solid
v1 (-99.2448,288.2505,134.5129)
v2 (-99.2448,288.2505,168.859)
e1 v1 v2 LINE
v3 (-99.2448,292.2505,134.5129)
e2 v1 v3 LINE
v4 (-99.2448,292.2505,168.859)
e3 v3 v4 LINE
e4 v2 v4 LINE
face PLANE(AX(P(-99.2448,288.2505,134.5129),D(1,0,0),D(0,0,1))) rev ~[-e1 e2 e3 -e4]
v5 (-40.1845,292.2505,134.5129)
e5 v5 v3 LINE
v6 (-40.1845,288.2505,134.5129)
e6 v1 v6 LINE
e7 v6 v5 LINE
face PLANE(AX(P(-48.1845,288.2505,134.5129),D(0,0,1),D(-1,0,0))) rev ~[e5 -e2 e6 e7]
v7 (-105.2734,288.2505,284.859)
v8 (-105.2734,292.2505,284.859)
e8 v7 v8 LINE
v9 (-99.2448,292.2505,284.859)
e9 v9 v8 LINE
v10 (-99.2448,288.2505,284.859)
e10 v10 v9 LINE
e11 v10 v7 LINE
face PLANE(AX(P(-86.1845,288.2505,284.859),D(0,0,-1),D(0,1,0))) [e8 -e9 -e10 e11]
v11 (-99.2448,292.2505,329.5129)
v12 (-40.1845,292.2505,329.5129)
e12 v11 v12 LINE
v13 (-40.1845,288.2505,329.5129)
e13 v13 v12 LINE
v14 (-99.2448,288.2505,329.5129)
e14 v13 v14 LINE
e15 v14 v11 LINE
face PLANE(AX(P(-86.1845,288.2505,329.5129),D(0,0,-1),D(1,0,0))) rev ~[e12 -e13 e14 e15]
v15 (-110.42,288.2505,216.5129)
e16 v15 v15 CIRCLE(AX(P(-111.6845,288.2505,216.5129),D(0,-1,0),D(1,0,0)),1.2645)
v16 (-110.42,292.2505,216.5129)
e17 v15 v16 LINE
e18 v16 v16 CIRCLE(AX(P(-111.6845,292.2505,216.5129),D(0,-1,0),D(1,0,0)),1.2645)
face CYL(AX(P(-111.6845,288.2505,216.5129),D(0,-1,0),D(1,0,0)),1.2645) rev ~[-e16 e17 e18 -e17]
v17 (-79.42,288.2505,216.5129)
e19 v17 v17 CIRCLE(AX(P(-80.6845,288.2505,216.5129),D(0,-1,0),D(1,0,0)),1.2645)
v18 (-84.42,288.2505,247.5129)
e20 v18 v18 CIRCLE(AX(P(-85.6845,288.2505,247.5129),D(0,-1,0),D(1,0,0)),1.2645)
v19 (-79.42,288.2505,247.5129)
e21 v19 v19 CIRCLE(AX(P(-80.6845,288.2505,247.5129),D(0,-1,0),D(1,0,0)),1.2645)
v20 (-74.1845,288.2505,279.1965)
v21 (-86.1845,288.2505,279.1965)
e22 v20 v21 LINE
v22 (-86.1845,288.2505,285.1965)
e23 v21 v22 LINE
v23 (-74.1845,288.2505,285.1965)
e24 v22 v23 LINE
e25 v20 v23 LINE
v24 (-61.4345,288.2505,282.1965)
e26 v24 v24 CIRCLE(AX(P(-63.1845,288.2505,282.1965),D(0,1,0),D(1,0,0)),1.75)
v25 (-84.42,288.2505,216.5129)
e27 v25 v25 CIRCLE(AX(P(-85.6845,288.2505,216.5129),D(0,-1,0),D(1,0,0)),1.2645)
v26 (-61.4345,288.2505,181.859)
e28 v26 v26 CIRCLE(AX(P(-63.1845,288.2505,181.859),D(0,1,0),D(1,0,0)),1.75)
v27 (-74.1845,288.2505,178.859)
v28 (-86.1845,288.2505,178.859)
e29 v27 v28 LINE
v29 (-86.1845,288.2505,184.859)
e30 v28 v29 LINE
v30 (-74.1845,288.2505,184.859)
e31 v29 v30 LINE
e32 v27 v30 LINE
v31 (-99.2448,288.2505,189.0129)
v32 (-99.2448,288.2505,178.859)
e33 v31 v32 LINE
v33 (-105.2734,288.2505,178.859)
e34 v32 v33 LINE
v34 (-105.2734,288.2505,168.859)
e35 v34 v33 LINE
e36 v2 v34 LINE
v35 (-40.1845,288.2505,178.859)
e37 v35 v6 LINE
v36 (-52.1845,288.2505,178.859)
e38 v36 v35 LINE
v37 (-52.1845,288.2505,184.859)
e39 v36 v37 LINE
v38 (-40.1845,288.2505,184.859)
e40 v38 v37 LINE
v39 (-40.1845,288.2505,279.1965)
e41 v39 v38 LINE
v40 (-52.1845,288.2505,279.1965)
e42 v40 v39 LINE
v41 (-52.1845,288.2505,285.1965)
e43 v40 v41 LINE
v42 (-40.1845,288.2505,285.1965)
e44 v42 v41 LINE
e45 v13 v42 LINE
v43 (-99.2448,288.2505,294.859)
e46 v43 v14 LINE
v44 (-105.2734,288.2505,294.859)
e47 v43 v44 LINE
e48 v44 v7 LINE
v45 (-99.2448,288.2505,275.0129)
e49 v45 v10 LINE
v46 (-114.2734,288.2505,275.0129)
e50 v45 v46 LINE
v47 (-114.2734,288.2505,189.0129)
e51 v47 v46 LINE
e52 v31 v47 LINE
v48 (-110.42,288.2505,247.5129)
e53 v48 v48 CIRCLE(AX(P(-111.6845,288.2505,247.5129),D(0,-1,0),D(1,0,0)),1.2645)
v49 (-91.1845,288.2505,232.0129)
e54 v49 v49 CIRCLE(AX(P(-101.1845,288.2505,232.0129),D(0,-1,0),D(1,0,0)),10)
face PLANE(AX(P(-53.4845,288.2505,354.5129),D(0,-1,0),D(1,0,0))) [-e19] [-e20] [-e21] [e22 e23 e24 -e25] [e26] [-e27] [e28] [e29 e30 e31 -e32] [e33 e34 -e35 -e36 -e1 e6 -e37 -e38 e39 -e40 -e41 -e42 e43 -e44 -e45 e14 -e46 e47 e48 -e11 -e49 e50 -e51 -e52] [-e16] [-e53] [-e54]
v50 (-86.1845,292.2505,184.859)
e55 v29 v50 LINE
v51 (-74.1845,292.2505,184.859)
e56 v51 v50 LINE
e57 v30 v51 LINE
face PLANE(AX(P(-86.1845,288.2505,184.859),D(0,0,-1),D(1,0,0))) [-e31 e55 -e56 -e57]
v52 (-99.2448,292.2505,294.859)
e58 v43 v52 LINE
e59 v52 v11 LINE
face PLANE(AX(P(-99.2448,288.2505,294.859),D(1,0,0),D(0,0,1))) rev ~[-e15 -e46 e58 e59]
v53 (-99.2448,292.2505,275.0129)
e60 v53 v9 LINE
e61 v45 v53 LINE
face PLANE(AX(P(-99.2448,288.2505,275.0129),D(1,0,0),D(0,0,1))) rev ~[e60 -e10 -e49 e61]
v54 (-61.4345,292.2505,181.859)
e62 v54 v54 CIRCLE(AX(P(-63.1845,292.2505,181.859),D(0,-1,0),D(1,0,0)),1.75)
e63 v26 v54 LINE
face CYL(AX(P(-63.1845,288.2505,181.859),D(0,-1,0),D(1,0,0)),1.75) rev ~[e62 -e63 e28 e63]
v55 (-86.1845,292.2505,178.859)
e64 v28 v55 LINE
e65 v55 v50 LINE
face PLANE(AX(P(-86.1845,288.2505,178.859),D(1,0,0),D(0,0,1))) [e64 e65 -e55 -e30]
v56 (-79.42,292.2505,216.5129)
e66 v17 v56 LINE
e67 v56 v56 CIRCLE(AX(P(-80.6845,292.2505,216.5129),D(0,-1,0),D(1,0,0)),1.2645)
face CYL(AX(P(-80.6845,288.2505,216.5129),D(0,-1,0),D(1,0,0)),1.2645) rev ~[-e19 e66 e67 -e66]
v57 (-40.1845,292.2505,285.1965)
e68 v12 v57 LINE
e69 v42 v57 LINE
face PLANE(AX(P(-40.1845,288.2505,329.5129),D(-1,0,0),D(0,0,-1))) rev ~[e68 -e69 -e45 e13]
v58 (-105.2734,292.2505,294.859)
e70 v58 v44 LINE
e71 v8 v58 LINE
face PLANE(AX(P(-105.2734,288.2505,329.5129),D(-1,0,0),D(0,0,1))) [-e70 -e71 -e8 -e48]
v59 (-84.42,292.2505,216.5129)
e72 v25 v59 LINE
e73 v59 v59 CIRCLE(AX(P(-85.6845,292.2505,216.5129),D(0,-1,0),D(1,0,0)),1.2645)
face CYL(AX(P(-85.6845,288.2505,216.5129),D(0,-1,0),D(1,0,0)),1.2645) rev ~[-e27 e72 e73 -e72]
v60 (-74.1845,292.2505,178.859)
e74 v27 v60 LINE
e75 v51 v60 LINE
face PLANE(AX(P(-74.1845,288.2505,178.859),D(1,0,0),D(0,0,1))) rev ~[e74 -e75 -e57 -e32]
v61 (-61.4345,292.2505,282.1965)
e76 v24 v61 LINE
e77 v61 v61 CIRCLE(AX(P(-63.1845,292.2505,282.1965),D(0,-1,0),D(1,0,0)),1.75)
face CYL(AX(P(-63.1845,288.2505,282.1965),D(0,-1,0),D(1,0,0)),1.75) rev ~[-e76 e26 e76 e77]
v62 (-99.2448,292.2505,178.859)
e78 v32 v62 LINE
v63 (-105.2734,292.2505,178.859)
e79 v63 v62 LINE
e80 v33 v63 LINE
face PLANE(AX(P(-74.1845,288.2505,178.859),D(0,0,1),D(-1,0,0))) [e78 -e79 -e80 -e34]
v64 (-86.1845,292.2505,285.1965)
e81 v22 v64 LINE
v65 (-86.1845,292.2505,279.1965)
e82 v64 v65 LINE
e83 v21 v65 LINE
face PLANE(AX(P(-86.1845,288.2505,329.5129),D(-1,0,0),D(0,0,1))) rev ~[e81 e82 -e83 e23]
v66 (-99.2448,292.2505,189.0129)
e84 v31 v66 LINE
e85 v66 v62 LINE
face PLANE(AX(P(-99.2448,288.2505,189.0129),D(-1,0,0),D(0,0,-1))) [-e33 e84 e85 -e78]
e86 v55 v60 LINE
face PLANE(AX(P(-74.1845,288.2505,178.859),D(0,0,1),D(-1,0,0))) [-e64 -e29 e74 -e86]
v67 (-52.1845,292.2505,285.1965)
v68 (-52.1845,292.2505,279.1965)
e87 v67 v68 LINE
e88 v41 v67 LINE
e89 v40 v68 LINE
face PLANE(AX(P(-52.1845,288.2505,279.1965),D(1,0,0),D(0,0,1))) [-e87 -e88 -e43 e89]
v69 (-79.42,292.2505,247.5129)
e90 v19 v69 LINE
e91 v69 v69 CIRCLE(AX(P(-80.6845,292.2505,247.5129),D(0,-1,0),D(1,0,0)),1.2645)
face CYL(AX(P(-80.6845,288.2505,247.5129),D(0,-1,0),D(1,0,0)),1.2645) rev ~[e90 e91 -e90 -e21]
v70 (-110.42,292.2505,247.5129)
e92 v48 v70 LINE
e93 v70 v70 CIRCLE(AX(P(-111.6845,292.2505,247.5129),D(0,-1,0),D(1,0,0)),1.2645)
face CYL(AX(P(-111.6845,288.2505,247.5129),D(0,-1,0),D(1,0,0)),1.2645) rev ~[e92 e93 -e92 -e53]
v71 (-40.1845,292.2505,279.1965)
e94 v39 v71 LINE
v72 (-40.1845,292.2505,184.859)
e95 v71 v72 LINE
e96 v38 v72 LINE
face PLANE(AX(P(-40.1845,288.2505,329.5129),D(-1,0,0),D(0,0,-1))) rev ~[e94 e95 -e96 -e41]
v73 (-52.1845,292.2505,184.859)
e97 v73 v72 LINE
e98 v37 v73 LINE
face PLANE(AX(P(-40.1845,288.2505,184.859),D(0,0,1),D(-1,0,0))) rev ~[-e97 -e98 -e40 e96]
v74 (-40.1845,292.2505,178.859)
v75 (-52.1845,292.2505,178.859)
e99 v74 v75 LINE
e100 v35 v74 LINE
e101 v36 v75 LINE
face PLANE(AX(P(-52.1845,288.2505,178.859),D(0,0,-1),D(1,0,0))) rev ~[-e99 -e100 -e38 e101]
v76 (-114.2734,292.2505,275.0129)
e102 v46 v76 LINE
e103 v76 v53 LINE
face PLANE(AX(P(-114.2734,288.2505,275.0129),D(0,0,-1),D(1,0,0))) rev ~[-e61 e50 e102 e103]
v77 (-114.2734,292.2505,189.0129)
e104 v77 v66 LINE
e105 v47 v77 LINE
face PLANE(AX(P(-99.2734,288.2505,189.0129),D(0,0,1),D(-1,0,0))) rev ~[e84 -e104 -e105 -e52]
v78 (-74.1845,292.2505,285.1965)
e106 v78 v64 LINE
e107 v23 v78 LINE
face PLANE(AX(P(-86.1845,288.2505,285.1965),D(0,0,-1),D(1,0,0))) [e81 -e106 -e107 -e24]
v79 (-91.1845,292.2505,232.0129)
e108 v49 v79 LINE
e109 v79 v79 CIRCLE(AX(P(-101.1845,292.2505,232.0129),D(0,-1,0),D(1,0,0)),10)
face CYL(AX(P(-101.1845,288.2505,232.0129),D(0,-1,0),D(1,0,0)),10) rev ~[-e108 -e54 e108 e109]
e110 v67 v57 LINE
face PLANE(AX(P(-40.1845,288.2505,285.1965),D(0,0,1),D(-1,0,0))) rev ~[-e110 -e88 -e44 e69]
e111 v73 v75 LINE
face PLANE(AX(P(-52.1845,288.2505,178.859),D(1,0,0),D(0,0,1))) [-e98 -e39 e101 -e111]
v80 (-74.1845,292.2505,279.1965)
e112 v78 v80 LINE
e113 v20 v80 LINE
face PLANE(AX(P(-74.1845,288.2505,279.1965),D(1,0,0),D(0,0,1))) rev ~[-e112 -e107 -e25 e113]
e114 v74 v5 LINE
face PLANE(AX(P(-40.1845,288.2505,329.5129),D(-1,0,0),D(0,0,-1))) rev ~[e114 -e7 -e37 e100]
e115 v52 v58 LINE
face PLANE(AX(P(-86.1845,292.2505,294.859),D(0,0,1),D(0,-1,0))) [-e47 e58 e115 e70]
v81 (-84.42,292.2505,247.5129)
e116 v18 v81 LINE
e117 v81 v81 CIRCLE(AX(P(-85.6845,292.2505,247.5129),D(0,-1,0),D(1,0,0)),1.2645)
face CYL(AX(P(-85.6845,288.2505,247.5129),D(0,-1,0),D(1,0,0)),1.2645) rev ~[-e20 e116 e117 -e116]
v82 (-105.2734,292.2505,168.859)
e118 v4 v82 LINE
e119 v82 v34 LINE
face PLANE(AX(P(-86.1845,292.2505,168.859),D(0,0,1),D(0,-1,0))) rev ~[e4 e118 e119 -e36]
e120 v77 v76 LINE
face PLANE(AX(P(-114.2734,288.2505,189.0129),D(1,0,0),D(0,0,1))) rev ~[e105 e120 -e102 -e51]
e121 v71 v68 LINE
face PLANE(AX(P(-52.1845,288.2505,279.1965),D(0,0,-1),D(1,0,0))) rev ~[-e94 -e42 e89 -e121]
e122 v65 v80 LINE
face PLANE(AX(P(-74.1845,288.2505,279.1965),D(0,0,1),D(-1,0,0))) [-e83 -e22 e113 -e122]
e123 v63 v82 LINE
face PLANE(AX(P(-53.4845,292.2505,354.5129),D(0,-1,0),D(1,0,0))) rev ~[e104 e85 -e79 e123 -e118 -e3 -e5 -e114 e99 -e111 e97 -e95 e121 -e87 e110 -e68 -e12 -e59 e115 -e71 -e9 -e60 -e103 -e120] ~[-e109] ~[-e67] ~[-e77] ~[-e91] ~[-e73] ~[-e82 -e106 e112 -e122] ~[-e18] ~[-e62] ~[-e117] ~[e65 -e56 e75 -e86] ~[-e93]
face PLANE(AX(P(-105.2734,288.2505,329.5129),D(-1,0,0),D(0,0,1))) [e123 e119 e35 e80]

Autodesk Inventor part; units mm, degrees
ref_plane "YZ Plane" through (0, 0, 0) normal (1, 0, 0) x (0, 1, 0)
ref_plane "XZ Plane" through (0, 0, 0) normal (0, 1, 0) x (-1, 0, 0)
ref_plane "РабПлоскость1" through (-53.4845, 288.2505, 354.5129) normal (0, 1, 0) x (-1, 0, 0)
sketch "Эскиз1" plane through (-53.4845, 288.2505, 354.5129) normal (0, 1, 0) x (-1, 0, 0)
  line L0 (45.7889, -56.5016) -> (45.7889, -62.7516) projected
  line L1 (-13.3, 2.5) -> (-13.3, -247.5) projected
  line L2 (-13.3, -220) -> (32.7, -220)
  line L3 (32.7, -220) -> (32.7, -25)
  line L4 (32.7, -25) -> (-13.3, -25)
  line L5 (-13.3, -25) -> (-13.3, -220)
  line L6 (-5.3, -220) -> (142.8907, -220) projected
  line L7 (201.7, -25) -> (166.8907, -25) projected
  point P0 (-53.4845, -354.5129)
  point P1 (-13.3, -25)
  point P2 (-13.3, -220)
  point P3 (32.7, -62.75)
  point P4 (32.7, -56.5)
extrude "Выдавливание1" add sketch "Эскиз1" along normal blind 4
sketch "Эскиз6" plane through (-53.4845, 288.2505, 354.5129) normal (0, -1, 0) x (1, 0, 0)
  line L0 (-32.7, -169.6539) -> (-20.7, -169.6539) projected
  line L1 (-32.7, -175.6539) -> (-32.7, -169.6539) projected
  line L2 (-20.7, -175.6539) -> (-32.7, -175.6539) projected
  line L3 (-20.7, -175.6539) -> (-20.7, -169.6539) projected
  line L4 (-32.7, -69.3164) -> (-20.7, -69.3164) projected
  line L5 (-32.7, -75.3164) -> (-32.7, -69.3164) projected
  line L6 (-20.7, -75.3164) -> (-32.7, -75.3164) projected
  line L7 (-20.7, -75.3164) -> (-20.7, -69.3164) projected
  line L8 (13.3, -220) -> (-32.7, -220) projected
  line L9 (-9.7, -220) -> (-9.7, 17.4543)
  line L10 (13.3, -169.6539) -> (1.3, -169.6539)
  line L11 (13.3, -175.6539) -> (13.3, -169.6539)
  line L12 (1.3, -175.6539) -> (13.3, -175.6539)
  line L13 (1.3, -175.6539) -> (1.3, -169.6539)
  line L14 (13.3, -69.3164) -> (1.3, -69.3164)
  line L15 (13.3, -75.3164) -> (13.3, -69.3164)
  line L16 (1.3, -75.3164) -> (13.3, -75.3164)
  line L17 (1.3, -75.3164) -> (1.3, -69.3164)
  point P0 (53.4845, -354.5129)
extrude "Выдавливание3" cut sketch "Эскиз6" against normal blind 8
sketch "Эскиз7" plane through (-53.4845, 288.2505, 354.5129) normal (0, -1, 0) x (1, 0, 0)
  line L0 (-12.95, -175.6539) -> (-12.95, -169.6539) projected
  line L1 (-7.95, -169.6539) -> (-7.95, -175.6539) projected
  line L2 (-6.45, -175.6539) -> (-6.45, -169.6539) projected
  line L3 (-11.45, -175.6539) -> (-11.45, -169.6539) projected
  line L4 (-12.95, -175.6539) -> (-12.95, -169.6539) projected
  line L5 (-11.45, -175.6539) -> (-7.95, -175.6539)
  line L6 (-7.95, -175.6539) -> (-7.95, -169.6539)
  line L7 (-7.95, -169.6539) -> (-11.45, -169.6539)
  line L8 (-11.45, -169.6539) -> (-11.45, -175.6539)
  circle A0 centre (-9.7, -172.6539) radius 1.75
  line L9 (-32.7, -122.4852) -> (36.9657, -122.4852)
  line L10 (-12.95, -69.3164) -> (-12.95, -75.3164)
  line L11 (-7.95, -75.3164) -> (-7.95, -69.3164)
  line L12 (-6.45, -69.3164) -> (-6.45, -75.3164)
  line L13 (-11.45, -69.3164) -> (-11.45, -75.3164)
  line L14 (-12.95, -69.3164) -> (-12.95, -75.3164)
  line L15 (-11.45, -69.3164) -> (-7.95, -69.3164)
  line L16 (-7.95, -69.3164) -> (-7.95, -75.3164)
  line L17 (-7.95, -75.3164) -> (-11.45, -75.3164)
  line L18 (-11.45, -75.3164) -> (-11.45, -69.3164)
  circle A1 centre (-9.7, -72.3164) radius 1.75
  point P0 (53.4845, -354.5129)
extrude "Выдавливание4" cut sketch "Эскиз7" against normal blind 8 contours A0 | A1
sketch "Эскиз8" plane through (-53.4845, 288.2505, 354.5129) normal (0, -1, 0) x (1, 0, 0)
  line L0 (-45.7889, -165.5) -> (-60.7889, -165.5)
  line L1 (-60.7889, -165.5) -> (-60.7889, -79.5)
  line L2 (-60.7889, -79.5) -> (-45.7889, -79.5)
  line L3 (-45.7889, -79.5) -> (-45.7889, -165.5)
  point P0 (53.4845, -354.5129)
  point P1 (-51.7889, -79.5)
  dimension "d15" = 15
extrude "Выдавливание5" add sketch "Эскиз8" against normal blind 4
sketch "Эскиз9" plane through (-53.4845, 288.2505, 354.5129) normal (0, -1, 0) x (1, 0, 0)
  circle A0 centre (-58.2, -138) radius 1.2645 projected
  circle A1 centre (-58.2, -107) radius 1.2645 projected
  circle A2 centre (-27.2, -107) radius 1.2645 projected
  circle A3 centre (-27.2, -138) radius 1.2645 projected
  point P0 (53.4845, -354.5129)
extrude "Выдавливание6" cut sketch "Эскиз9" against normal blind 4
sketch "Эскиз11" plane through (-86.1845, 288.2505, 329.5129) normal (-1, 0, 0) x (0, 0, 1)
  line L0 (-160.6539, 0) -> (-150.6539, 0)
  line L1 (-150.6539, 0) -> (-150.6539, 4)
  line L2 (-150.6539, 4) -> (-160.6539, 4)
  line L3 (-160.6539, 4) -> (-160.6539, 0)
  line L4 (-44.6539, 4) -> (-34.6539, 4)
  line L5 (-34.6539, 4) -> (-34.6539, 0)
  line L6 (-34.6539, 0) -> (-44.6539, 0)
  line L7 (-44.6539, 0) -> (-44.6539, 4)
  point P0 (-329.5129, -288.2505)
ref_plane "РабПлоскость2" through (-105.2734, 252.5455, 159.0129) normal (-1, 0, 0) x (0, 0, 1)
extrude "Выдавливание8" add sketch "Эскиз11" along normal up to surface (19.0889 mm away)
sketch "Эскиз12" plane through (-53.4845, 288.2505, 354.5129) normal (0, -1, 0) x (1, 0, 0)
  line L0 (-60.7889, -79.5) -> (-60.7889, -165.5) projected
  line L1 (-32.7, -220) -> (-32.7, -25) projected
  line L2 (-60.7889, -79.5) -> (-32.7, -79.5)
  line L3 (-32.7, -79.5) -> (-32.7, -165.5)
  line L4 (-32.7, -165.5) -> (-60.7889, -165.5)
  line L5 (-60.7889, -165.5) -> (-60.7889, -79.5)
  point P0 (53.4845, -354.5129)
  point P1 (-32.7, -169.6539)
  point P2 (-32.7, -75.3164)
  point P3 (-32.7, -185.6539)
  dimension "d24" = 86
extrude "Выдавливание9" add sketch "Эскиз12" against normal blind 4
sketch "Эскиз13" plane through (-53.4845, 288.2505, 354.5129) normal (0, -1, 0) x (1, 0, 0)
  circle A0 centre (-58.2, -107) radius 1.2645 projected
  circle A1 centre (-58.2, -138) radius 1.2645 projected
  circle A2 centre (-42.7, -122.5) radius 3.3 projected
  point P0 (53.4845, -354.5129)
extrude "Выдавливание10" cut sketch "Эскиз13" against normal blind 8
sketch "Эскиз14" plane through (-53.4845, 288.2505, 354.5129) normal (0, -1, 0) x (1, 0, 0)
  line L0 (-45.7603, -165.5) -> (-45.7603, -175.6539)
  line L1 (-45.7603, -175.6539) -> (-32.7, -175.6539)
  line L2 (-45.7603, -185.6539) -> (-32.7, -185.6539)
  line L3 (-32.7, -185.6539) -> (-32.7, -220)
  line L4 (-32.7, -220) -> (-45.7603, -220)
  line L5 (-45.7603, -220) -> (-45.7603, -185.6539)
  line L6 (-45.7603, -79.5) -> (-45.7603, -69.6539)
  line L7 (-45.7603, -59.6539) -> (-45.7603, -25)
  line L8 (-45.7603, -25) -> (-32.7, -25)
  line L9 (-32.7, -79.5) -> (-45.7603, -79.5)
  line L10 (-45.7603, -79.5) -> (-45.7603, -69.6539)
  line L11 (-45.7603, -25) -> (-32.7, -25)
  line L12 (-32.7, -25) -> (-32.7, -59.6539)
  line L13 (-32.7, -59.6539) -> (-45.7603, -59.6539)
  line L14 (-45.7603, -59.6539) -> (-45.7603, -25)
  line L15 (-45.7603, -79.5) -> (-32.7, -79.5)
  line L16 (-32.7, -79.5) -> (-32.7, -69.6539)
  line L17 (-32.7, -69.6539) -> (-45.7603, -69.6539)
  line L18 (-45.7603, -69.6539) -> (-45.7603, -79.5)
  line L19 (-45.7603, -175.6539) -> (-32.7, -175.6539)
  line L20 (-32.7, -175.6539) -> (-32.7, -165.5)
  line L21 (-32.7, -165.5) -> (-45.7603, -165.5)
  line L22 (-45.7603, -165.5) -> (-45.7603, -175.6539)
  point P0 (53.4845, -354.5129)
  point P1 (13.3, -220)
  point P2 (-32.7, -25)
  point P3 (-45.7603, -69.6539)
  point P4 (-45.7603, -165.5)
extrude "Выдавливание11" add sketch "Эскиз14" against normal blind 4
sketch "Эскиз16" plane through (-53.4845, 288.2505, 354.5129) normal (0, -1, 0) x (1, 0, 0)
  circle A0 centre (-42.7, -122.5) radius 4.1 projected
  circle A1 centre (-47.7, -122.5) radius 10
  circle A2 centre (-58.2, -107) radius 1.2645 projected
  circle A3 centre (-27.2, -107) radius 1.2645 projected
  circle A4 centre (-27.2, -138) radius 1.2645 projected
  circle A5 centre (-58.2, -138) radius 1.2645 projected
  circle A6 centre (-63.2, -107) radius 1.2645
  circle A7 centre (-32.2, -107) radius 1.2645
  circle A8 centre (-63.2, -138) radius 1.2645
  circle A9 centre (-32.2, -138) radius 1.2645
  point P0 (53.4845, -354.5129)
  dimension "d35" = 5
  dimension "d36" = 0
  dimension "d37" = 20
  dimension "d38" = 5
  dimension "d39" = 5
  dimension "d40" = 5
  dimension "d41" = 5
extrude "Выдавливание13" cut sketch "Эскиз16" against normal blind 10 contours A0 | A1 | A6 | A7 | A8 | A9
properties part number "крепление Y"
